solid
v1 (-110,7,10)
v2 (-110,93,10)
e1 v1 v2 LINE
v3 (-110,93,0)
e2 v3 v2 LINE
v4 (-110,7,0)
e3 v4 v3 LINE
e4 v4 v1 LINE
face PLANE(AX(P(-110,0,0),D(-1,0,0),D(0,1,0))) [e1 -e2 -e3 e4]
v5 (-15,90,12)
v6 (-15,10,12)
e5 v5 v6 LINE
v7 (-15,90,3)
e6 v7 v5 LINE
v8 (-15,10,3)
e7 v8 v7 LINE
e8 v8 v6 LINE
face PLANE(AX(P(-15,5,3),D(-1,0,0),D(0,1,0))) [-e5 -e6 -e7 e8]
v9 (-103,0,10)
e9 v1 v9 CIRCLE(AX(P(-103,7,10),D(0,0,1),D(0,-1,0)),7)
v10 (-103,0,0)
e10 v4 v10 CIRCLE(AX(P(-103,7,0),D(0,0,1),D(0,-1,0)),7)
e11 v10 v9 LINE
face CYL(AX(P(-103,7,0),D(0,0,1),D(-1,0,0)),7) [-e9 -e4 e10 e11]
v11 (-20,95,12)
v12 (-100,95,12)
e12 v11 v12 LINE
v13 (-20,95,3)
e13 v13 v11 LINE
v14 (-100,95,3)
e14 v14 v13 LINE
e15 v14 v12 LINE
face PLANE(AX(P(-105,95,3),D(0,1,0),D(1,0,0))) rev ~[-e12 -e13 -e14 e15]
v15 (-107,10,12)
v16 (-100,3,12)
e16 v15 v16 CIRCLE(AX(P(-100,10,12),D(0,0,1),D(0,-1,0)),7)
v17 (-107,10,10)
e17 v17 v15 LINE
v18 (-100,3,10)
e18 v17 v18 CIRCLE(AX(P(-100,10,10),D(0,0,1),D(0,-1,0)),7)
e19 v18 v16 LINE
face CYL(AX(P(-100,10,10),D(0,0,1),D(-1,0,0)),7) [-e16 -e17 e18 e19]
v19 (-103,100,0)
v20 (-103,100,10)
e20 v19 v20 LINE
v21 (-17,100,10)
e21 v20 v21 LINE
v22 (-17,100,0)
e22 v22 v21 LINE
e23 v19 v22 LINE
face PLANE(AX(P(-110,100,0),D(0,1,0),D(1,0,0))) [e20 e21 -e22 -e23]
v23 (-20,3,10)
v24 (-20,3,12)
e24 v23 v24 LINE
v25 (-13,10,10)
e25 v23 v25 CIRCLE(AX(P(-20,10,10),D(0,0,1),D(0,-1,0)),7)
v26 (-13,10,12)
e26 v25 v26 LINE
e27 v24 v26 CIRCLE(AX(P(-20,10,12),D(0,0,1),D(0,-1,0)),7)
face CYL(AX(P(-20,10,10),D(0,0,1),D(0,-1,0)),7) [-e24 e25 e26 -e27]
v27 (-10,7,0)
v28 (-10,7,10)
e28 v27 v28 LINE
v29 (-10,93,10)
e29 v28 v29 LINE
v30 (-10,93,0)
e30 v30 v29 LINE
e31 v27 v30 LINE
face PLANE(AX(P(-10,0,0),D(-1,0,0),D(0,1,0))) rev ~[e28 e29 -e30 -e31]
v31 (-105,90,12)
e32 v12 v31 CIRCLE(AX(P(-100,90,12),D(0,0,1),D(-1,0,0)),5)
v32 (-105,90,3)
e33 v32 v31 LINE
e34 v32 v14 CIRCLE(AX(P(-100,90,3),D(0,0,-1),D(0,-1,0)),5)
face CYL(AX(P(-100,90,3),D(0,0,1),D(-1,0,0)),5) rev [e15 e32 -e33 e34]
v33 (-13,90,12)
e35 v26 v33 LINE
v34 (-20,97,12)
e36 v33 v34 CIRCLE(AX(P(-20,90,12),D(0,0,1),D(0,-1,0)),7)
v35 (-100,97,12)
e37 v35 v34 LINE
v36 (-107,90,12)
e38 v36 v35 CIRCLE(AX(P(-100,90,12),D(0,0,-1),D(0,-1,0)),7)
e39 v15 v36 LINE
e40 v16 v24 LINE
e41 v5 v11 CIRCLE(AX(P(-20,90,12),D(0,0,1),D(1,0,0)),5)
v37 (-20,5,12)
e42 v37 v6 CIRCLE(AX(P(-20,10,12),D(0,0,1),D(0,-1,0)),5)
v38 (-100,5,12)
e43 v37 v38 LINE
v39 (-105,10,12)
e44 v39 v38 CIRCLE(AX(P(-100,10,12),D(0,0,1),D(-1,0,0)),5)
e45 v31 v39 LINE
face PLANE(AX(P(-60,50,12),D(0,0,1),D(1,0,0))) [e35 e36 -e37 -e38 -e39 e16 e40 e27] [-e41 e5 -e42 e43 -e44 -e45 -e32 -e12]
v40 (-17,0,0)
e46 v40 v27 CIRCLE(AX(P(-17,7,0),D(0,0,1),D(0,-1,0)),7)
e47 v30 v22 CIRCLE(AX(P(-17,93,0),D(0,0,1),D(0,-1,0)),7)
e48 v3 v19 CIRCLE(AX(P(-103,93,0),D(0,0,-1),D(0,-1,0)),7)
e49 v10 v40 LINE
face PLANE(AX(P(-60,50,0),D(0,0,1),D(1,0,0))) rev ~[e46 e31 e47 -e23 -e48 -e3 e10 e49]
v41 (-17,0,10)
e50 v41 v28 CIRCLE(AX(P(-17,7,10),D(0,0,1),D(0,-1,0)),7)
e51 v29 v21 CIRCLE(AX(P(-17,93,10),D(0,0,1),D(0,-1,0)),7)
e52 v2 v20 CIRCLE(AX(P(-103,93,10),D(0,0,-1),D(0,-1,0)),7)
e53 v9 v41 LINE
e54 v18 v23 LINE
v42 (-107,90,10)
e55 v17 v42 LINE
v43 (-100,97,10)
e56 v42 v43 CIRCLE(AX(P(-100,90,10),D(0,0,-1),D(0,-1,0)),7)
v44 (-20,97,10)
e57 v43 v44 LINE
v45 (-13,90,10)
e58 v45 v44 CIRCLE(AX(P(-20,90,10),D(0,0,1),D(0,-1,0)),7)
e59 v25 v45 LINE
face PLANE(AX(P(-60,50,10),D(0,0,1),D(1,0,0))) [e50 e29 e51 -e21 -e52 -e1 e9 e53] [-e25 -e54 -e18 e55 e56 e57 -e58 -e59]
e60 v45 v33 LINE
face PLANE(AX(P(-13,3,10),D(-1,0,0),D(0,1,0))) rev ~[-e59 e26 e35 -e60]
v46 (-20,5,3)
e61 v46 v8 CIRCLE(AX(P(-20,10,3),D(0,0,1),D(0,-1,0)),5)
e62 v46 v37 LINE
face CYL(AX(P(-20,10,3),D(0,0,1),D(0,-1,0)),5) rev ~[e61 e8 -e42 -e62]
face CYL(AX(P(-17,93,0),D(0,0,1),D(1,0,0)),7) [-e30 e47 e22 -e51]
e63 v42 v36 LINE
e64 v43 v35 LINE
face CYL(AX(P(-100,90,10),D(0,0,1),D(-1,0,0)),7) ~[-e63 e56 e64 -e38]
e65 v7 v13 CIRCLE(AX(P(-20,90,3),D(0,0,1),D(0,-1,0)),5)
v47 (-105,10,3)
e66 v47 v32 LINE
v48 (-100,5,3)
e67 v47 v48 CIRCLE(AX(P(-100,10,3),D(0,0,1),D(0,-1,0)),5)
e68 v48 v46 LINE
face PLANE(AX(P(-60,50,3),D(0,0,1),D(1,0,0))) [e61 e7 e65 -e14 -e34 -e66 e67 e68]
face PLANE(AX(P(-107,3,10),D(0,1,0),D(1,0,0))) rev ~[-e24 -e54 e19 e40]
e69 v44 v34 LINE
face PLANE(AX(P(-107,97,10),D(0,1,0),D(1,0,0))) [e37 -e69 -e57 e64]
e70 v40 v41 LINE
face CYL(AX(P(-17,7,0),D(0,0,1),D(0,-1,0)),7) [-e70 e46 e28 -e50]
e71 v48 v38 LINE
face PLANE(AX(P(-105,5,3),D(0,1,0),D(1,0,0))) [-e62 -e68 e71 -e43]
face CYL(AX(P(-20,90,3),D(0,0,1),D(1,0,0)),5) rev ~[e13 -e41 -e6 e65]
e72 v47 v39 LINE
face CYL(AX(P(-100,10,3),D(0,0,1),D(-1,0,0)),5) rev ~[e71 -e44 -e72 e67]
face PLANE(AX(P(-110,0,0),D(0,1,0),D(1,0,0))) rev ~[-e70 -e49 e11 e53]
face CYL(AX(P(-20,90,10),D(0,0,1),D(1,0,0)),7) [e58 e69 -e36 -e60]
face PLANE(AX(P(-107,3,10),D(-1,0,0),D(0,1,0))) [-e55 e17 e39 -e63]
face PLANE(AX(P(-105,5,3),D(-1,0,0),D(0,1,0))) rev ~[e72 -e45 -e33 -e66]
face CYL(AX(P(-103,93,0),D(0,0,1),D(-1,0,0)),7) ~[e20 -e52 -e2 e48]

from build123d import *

# Parameters (mm, degrees)
BOX006_W     = 90
BOX006_H     = 90
BOX006_DEPTH = 10
FILLET008_R  = 5
BOX007_W     = 100
BOX007_H     = 100
BOX007_DEPTH = 10
FILLET007_R  = 7
BOX008_W     = 94
BOX008_H     = 94
BOX008_DEPTH = 2
FILLET006_R  = 7


with BuildPart() as fillet008:
    # Box006 → Box006 (new body)
    with BuildSketch(Plane(origin=(5, 5, 3), x_dir=(1, 0, 0), z_dir=(0, 0, 1))):
        with Locations((45, 45)):
            Rectangle(BOX006_W, BOX006_H)
    extrude(amount=BOX006_DEPTH)

    # Fillet008
    fillet008_edges = [fillet008.edges().sort_by_distance(p)[0] for p in [
        (5, 5, 8),
        (5, 95, 8),
        (95, 5, 8),
        (95, 95, 8),
    ]]
    fillet(fillet008_edges, radius=FILLET008_R)


with BuildPart() as body_with_fillets003:
    # Box007 → Box007 (new body)
    with BuildSketch(Plane.XY):
        with Locations((50, 50)):
            Rectangle(BOX007_W, BOX007_H)
    extrude(amount=BOX007_DEPTH)

    # Fillet007
    fillet007_edges = [body_with_fillets003.edges().sort_by_distance(p)[0] for p in [
        (0, 0, 5),
        (0, 100, 5),
        (100, 0, 5),
        (100, 100, 5),
    ]]
    fillet(fillet007_edges, radius=FILLET007_R)


with BuildPart() as wet_palette:
    # Box008 → Box008 (new body)
    with BuildSketch(Plane(origin=(3, 3, 10), x_dir=(1, 0, 0), z_dir=(0, 0, 1))):
        with Locations((47, 47)):
            Rectangle(BOX008_W, BOX008_H)
    extrude(amount=BOX008_DEPTH)

    # Fillet006
    fillet006_edges = [wet_palette.edges().sort_by_distance(p)[0] for p in [
        (3, 3, 11),
        (3, 97, 11),
        (97, 3, 11),
        (97, 97, 11),
    ]]
    fillet(fillet006_edges, radius=FILLET006_R)

    # Fusion003: union Body with fillets003
    add(body_with_fillets003.part)

    # Cut002: cut Fillet008
    add(fillet008.part, mode=Mode.SUBTRACT)


with BuildPart() as wet_palette_1:
    # Cut002 placement: moved
    add(wet_palette.part.moved(Location((-110, 0, 0))))


solid = wet_palette_1.part
